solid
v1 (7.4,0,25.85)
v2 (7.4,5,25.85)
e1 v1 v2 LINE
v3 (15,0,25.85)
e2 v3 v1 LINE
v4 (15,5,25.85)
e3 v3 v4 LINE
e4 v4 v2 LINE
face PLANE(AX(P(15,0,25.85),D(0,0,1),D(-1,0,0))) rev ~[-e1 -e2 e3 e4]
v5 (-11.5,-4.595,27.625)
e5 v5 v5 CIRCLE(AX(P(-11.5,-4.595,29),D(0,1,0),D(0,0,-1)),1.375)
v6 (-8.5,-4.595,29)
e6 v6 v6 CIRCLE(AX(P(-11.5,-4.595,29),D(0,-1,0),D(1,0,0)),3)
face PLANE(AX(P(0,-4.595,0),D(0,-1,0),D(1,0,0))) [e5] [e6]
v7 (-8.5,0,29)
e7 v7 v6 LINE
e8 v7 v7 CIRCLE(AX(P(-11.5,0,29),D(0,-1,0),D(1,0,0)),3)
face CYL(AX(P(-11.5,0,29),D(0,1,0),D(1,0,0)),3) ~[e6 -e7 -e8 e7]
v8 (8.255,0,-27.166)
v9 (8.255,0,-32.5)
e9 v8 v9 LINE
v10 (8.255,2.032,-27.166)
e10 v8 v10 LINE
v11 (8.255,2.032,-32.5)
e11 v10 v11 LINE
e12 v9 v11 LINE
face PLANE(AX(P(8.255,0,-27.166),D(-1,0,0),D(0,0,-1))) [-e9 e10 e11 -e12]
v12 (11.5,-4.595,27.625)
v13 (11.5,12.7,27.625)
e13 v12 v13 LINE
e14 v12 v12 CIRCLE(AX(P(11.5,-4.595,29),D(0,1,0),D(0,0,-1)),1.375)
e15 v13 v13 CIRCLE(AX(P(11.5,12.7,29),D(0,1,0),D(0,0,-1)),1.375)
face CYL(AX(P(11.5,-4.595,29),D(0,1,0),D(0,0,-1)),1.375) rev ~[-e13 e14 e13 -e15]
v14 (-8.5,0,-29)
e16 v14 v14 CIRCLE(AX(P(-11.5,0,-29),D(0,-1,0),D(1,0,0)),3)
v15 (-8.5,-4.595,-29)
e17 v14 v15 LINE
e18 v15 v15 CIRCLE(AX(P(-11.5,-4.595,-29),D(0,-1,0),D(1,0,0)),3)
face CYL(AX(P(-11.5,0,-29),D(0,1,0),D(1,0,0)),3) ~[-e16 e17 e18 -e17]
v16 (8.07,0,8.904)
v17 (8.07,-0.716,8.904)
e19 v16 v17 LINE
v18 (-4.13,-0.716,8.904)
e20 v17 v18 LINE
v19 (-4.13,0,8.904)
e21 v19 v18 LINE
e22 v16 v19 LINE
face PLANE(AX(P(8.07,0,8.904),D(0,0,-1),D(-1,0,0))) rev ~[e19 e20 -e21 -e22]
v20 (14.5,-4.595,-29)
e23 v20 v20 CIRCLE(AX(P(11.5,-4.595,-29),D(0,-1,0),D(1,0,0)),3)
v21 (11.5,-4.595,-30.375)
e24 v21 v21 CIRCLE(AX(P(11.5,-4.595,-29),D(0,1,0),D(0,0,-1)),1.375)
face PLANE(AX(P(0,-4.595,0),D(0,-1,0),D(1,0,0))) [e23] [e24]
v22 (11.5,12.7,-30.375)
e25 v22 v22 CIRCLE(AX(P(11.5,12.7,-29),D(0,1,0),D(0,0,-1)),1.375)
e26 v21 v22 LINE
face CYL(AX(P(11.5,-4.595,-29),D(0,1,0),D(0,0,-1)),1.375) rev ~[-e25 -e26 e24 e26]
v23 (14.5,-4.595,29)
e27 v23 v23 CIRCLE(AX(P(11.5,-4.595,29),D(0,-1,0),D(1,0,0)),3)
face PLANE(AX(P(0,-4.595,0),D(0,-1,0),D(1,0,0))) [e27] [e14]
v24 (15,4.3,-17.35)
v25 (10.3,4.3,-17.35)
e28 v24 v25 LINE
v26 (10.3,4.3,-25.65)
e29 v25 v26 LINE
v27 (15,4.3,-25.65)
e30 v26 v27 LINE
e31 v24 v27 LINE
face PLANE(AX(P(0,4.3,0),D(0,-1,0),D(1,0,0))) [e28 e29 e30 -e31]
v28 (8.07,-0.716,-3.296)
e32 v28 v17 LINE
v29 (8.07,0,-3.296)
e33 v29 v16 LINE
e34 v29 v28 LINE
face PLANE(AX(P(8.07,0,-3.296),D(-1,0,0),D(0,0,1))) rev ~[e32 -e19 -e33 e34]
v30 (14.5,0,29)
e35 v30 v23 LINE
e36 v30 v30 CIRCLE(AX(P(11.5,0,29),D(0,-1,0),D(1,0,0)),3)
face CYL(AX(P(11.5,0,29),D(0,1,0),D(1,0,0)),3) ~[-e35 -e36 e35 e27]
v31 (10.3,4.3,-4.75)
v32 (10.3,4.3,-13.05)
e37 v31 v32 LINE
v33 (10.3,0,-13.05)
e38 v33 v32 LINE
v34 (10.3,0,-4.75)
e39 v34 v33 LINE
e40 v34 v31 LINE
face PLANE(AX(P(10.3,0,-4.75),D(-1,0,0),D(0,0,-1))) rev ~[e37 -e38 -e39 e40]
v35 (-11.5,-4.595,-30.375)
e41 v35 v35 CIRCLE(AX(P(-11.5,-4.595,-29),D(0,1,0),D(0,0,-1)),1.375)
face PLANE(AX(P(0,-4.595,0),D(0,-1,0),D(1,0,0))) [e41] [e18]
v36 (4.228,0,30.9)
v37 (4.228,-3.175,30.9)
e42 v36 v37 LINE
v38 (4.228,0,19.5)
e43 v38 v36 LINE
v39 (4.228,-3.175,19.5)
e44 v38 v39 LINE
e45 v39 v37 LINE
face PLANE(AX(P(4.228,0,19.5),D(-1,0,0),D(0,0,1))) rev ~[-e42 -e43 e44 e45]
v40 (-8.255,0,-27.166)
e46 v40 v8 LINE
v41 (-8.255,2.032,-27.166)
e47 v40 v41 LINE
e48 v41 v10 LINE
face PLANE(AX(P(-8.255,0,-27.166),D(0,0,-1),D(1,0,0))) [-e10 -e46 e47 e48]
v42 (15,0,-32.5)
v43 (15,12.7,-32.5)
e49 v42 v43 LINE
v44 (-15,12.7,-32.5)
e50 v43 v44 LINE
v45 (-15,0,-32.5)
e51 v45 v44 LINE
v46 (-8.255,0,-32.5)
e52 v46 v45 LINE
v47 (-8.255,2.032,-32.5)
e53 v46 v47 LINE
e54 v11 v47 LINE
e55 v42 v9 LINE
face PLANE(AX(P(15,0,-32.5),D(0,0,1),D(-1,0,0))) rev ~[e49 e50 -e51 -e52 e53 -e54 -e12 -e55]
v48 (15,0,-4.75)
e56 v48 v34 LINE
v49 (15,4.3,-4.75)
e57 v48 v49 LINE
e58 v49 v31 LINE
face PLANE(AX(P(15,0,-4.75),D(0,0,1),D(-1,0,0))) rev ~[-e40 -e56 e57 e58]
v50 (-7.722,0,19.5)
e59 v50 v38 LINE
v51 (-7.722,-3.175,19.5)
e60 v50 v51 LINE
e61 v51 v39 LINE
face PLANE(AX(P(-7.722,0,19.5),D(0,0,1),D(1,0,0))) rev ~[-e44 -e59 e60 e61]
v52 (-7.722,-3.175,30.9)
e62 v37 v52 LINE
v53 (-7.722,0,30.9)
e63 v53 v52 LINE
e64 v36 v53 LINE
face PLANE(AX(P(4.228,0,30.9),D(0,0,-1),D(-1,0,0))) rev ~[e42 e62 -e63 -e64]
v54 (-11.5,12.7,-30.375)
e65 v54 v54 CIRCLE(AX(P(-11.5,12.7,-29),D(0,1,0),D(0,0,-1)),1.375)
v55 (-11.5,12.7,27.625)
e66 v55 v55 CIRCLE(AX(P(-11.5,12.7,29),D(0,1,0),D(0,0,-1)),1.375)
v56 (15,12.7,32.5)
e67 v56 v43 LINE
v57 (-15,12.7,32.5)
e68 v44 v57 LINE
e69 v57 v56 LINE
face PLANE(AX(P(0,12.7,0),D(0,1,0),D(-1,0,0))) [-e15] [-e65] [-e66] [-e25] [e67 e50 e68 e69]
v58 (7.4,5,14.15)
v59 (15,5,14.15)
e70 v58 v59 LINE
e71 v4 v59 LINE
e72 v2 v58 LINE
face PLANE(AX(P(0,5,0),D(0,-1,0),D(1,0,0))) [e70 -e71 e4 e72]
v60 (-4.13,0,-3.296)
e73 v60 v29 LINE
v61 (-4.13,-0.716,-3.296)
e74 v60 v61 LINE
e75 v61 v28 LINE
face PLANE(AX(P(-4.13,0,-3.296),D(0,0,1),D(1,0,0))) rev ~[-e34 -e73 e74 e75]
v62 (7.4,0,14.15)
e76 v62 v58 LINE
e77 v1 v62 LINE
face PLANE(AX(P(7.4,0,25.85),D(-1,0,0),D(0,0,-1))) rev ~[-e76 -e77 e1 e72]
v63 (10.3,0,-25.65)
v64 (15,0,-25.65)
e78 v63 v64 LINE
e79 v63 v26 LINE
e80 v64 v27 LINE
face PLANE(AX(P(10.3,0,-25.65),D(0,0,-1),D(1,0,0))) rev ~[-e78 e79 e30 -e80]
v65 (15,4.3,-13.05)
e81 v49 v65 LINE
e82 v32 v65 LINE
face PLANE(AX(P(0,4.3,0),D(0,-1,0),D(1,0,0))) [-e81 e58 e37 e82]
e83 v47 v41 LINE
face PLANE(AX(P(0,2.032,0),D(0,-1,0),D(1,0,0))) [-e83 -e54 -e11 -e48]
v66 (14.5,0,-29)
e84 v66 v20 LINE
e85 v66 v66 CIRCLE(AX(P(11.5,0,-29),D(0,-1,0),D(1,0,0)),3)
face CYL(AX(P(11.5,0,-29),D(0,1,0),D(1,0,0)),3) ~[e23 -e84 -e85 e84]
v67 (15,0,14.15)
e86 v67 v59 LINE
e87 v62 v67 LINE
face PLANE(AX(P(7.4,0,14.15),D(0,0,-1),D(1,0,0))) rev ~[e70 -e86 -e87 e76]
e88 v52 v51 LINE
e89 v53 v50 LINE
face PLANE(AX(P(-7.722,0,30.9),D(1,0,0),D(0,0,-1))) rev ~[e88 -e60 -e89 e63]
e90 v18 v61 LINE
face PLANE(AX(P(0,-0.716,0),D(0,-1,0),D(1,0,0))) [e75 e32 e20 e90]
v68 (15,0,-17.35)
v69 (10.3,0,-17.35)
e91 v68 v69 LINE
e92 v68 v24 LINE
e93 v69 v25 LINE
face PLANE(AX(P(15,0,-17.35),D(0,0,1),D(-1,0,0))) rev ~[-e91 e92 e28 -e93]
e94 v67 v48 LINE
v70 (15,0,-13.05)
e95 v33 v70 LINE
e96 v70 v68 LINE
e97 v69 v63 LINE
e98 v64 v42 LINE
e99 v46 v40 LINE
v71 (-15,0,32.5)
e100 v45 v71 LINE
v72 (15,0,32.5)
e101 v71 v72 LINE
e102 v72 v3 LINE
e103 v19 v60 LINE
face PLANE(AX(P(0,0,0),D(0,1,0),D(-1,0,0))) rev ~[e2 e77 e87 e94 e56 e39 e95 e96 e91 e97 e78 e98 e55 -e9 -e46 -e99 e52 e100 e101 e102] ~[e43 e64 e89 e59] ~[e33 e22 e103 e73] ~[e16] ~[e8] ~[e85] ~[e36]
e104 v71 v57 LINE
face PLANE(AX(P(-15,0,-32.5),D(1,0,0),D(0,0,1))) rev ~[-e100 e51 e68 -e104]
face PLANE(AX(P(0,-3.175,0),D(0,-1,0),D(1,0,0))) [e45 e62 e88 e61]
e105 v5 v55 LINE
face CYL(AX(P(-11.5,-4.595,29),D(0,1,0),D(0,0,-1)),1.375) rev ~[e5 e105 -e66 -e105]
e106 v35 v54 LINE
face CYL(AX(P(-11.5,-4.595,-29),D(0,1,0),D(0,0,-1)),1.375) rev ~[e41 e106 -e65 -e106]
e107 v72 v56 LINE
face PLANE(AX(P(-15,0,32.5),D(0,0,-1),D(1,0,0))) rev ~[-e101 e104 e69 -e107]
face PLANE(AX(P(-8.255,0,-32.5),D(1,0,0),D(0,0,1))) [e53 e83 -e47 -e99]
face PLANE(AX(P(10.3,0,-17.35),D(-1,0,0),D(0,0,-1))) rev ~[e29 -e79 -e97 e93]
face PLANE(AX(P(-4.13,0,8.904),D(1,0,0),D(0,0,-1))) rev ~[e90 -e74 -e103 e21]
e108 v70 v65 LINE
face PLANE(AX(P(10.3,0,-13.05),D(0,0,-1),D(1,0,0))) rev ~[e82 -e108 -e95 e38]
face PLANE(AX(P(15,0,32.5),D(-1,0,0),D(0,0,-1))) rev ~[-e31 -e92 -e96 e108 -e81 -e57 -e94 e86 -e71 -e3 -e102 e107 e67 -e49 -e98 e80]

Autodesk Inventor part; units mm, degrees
ref_plane "YZ Plane" through (0, 0, 0) normal (1, 0, 0) x (0, 1, 0)
ref_plane "XZ Plane" through (0, 0, 0) normal (0, 1, 0) x (-1, 0, 0)
ref_plane "XY Plane" through (0, 0, 0) normal (0, 0, 1) x (1, 0, 0)
sketch "Sketch1" plane through (0, 0, 0) normal (0, 1, 0) x (-1, 0, 0)
  line L0 (15, 32.5) -> (-15, 32.5)
  line L1 (-15, 32.5) -> (-15, -32.5)
  line L2 (-15, -32.5) -> (15, -32.5)
  line L3 (15, -32.5) -> (15, 32.5)
  point P0 (0, 0)
  dimension "d0" = 65
  dimension "d1" = 30
  dimension "d2" = 15
  dimension "d3" = 32.5
extrude "Extrusion1" add sketch "Sketch1" along normal blind 12.7
sketch "Sketch2" plane through (0, 0, 0) normal (0, -1, 0) x (1, 0, 0)
  line L0 (8.07, 8.904) -> (-4.13, 8.904)
  line L1 (-4.13, 8.904) -> (-4.13, -3.296)
  line L2 (-4.13, -3.296) -> (8.07, -3.296)
  line L3 (8.07, -3.296) -> (8.07, 8.904)
  line L4 (-15, 32.5) -> (15, 32.5) projected
  line L5 (15, 32.5) -> (15, -32.5) projected
  point P0 (0, 0)
  dimension "d6" = 12.2
  dimension "d7" = 12.2
  dimension "d8" = 23.596
  dimension "d9" = 6.93
extrude "Extrusion2" add sketch "Sketch2" along normal blind 0.716
sketch "Sketch3" plane through (0, 0, 0) normal (0, -1, 0) x (1, 0, 0)
  line L0 (15, 32.5) -> (15, -32.5) projected
  line L1 (15, 25.85) -> (7.4, 25.85)
  line L2 (7.4, 25.85) -> (7.4, 14.15)
  line L3 (7.4, 14.15) -> (15, 14.15)
  line L4 (15, 14.15) -> (15, 25.85)
  line L5 (-15, 32.5) -> (15, 32.5) projected
  point P0 (0, 0)
  dimension "d12" = 7.6
  dimension "d13" = 11.7
  dimension "d14" = 6.65
extrude "Extrusion3" cut sketch "Sketch3" against normal blind 5
sketch "Sketch4" plane through (0, 0, 0) normal (0, -1, 0) x (1, 0, 0)
  line L0 (15, 14.15) -> (15, -32.5) projected
  line L1 (15, -4.75) -> (10.3, -4.75)
  line L2 (10.3, -4.75) -> (10.3, -13.05)
  line L3 (10.3, -13.05) -> (15, -13.05)
  line L4 (15, -13.05) -> (15, -4.75)
  line L5 (-15, 32.5) -> (15, 32.5) projected
  point P0 (0, 0)
  dimension "d17" = 4.7
  dimension "d18" = 8.3
  dimension "d19" = 37.25
extrude "Extrusion4" cut sketch "Sketch4" against normal blind 4.3
sketch "Sketch5" plane through (0, 0, 0) normal (0, -1, 0) x (1, 0, 0)
  line L0 (15, -13.05) -> (15, -32.5) projected
  line L1 (15, -17.35) -> (10.3, -17.35)
  line L2 (10.3, -17.35) -> (10.3, -25.65)
  line L3 (10.3, -25.65) -> (15, -25.65)
  line L4 (15, -25.65) -> (15, -17.35)
  line L5 (15, -32.5) -> (-15, -32.5) projected
  point P0 (0, 0)
  dimension "d22" = 4.7
  dimension "d23" = 8.3
  dimension "d24" = 6.85
extrude "Extrusion5" cut sketch "Sketch5" against normal blind 4.3
sketch "Sketch6" plane through (0, 0, 0) normal (0, -1, 0) x (1, 0, 0)
  circle A0 centre (11.5, 29) radius 3
  circle A1 centre (-11.5, 29) radius 3
  circle A2 centre (-11.5, -29) radius 3
  circle A3 centre (11.5, -29) radius 3
  line L0 (15, -32.5) -> (-15, -32.5) projected
  line L1 (-15, -32.5) -> (-15, 32.5) projected
  line L2 (-15, 32.5) -> (15, 32.5) projected
  point P0 (0, 0)
  dimension "d27" = 6
  dimension "d28" = 6
  dimension "d29" = 6
  dimension "d30" = 6
  dimension "d31" = 0
  dimension "d32" = 23
  dimension "d33" = 58
  dimension "d34" = 3.5
  dimension "d35" = 23
  dimension "d37" = 0
  dimension "d38" = 3.5
  dimension "d42" = 3.5
extrude "Extrusion6" add sketch "Sketch6" along normal blind 4.595
sketch "Sketch7" plane through (11.5, -4.595, 29) normal (0, -1, 0) x (1, 0, 0)
  circle A0 centre (0, 0) radius 3 projected
  circle A1 centre (0, -58) radius 3 projected
  circle A2 centre (-23, -58) radius 3 projected
  circle A3 centre (-23, 0) radius 3 projected
  point P0 (-11.5, -29)
hole "Hole1" at (11.5, -4.595, 29) at (-11.5, -4.595, 29) at (-11.5, -4.595, -29) at (11.5, -4.595, -29) direction (0, 1, 0) diameter 2.75 depth 25.4 tip angle 118
sketch "Sketch8" plane through (0, 0, 0) normal (0, -1, 0) x (1, 0, 0)
  line L0 (15, -32.5) -> (-15, -32.5) projected
  line L1 (8.255, -32.5) -> (-8.255, -32.5)
  line L2 (-8.255, -32.5) -> (-8.255, -27.166)
  line L3 (-8.255, -27.166) -> (8.255, -27.166)
  line L4 (8.255, -27.166) -> (8.255, -32.5)
  point P0 (0, 0)
  point P1 (0, 0)
  dimension "d50" = 5.334
  dimension "d51" = 16.51
  dimension "d52" = 8.255
extrude "Extrusion7" cut sketch "Sketch8" against normal blind 2.032
sketch "Sketch9" plane through (0, 0, 0) normal (0, -1, 0) x (1, 0, 0)
  line L0 (4.228, 30.9) -> (-7.722, 30.9)
  line L1 (-7.722, 30.9) -> (-7.722, 19.5)
  line L2 (-7.722, 19.5) -> (4.228, 19.5)
  line L3 (4.228, 19.5) -> (4.228, 30.9)
  line L4 (-15, 32.5) -> (15, 32.5) projected
  line L5 (-15, -32.5) -> (-15, 32.5) projected
  line L6 (15, 32.5) -> (15, 25.85) projected
  point P0 (0, 0)
  dimension "d56" = 1.6
  dimension "d57" = 11.4
  dimension "d58" = 11.95
  dimension "d60" = 10.772
extrude "Extrusion8" add sketch "Sketch9" along normal blind 3.175
equation "\"d2\" = 0.5 * d1"
equation "\"d3\" = 0.5 * d0"
equation "\"d6\" = d7"
equation "\"d28\" = d27"
equation "\"d29\" = d27"
equation "\"d30\" = d27"
equation "\"d35\" = d32"
equation "\"d52\" = 0.5 * d51"
properties part number "Heat Block for Pi" material "Aluminum 6061"
